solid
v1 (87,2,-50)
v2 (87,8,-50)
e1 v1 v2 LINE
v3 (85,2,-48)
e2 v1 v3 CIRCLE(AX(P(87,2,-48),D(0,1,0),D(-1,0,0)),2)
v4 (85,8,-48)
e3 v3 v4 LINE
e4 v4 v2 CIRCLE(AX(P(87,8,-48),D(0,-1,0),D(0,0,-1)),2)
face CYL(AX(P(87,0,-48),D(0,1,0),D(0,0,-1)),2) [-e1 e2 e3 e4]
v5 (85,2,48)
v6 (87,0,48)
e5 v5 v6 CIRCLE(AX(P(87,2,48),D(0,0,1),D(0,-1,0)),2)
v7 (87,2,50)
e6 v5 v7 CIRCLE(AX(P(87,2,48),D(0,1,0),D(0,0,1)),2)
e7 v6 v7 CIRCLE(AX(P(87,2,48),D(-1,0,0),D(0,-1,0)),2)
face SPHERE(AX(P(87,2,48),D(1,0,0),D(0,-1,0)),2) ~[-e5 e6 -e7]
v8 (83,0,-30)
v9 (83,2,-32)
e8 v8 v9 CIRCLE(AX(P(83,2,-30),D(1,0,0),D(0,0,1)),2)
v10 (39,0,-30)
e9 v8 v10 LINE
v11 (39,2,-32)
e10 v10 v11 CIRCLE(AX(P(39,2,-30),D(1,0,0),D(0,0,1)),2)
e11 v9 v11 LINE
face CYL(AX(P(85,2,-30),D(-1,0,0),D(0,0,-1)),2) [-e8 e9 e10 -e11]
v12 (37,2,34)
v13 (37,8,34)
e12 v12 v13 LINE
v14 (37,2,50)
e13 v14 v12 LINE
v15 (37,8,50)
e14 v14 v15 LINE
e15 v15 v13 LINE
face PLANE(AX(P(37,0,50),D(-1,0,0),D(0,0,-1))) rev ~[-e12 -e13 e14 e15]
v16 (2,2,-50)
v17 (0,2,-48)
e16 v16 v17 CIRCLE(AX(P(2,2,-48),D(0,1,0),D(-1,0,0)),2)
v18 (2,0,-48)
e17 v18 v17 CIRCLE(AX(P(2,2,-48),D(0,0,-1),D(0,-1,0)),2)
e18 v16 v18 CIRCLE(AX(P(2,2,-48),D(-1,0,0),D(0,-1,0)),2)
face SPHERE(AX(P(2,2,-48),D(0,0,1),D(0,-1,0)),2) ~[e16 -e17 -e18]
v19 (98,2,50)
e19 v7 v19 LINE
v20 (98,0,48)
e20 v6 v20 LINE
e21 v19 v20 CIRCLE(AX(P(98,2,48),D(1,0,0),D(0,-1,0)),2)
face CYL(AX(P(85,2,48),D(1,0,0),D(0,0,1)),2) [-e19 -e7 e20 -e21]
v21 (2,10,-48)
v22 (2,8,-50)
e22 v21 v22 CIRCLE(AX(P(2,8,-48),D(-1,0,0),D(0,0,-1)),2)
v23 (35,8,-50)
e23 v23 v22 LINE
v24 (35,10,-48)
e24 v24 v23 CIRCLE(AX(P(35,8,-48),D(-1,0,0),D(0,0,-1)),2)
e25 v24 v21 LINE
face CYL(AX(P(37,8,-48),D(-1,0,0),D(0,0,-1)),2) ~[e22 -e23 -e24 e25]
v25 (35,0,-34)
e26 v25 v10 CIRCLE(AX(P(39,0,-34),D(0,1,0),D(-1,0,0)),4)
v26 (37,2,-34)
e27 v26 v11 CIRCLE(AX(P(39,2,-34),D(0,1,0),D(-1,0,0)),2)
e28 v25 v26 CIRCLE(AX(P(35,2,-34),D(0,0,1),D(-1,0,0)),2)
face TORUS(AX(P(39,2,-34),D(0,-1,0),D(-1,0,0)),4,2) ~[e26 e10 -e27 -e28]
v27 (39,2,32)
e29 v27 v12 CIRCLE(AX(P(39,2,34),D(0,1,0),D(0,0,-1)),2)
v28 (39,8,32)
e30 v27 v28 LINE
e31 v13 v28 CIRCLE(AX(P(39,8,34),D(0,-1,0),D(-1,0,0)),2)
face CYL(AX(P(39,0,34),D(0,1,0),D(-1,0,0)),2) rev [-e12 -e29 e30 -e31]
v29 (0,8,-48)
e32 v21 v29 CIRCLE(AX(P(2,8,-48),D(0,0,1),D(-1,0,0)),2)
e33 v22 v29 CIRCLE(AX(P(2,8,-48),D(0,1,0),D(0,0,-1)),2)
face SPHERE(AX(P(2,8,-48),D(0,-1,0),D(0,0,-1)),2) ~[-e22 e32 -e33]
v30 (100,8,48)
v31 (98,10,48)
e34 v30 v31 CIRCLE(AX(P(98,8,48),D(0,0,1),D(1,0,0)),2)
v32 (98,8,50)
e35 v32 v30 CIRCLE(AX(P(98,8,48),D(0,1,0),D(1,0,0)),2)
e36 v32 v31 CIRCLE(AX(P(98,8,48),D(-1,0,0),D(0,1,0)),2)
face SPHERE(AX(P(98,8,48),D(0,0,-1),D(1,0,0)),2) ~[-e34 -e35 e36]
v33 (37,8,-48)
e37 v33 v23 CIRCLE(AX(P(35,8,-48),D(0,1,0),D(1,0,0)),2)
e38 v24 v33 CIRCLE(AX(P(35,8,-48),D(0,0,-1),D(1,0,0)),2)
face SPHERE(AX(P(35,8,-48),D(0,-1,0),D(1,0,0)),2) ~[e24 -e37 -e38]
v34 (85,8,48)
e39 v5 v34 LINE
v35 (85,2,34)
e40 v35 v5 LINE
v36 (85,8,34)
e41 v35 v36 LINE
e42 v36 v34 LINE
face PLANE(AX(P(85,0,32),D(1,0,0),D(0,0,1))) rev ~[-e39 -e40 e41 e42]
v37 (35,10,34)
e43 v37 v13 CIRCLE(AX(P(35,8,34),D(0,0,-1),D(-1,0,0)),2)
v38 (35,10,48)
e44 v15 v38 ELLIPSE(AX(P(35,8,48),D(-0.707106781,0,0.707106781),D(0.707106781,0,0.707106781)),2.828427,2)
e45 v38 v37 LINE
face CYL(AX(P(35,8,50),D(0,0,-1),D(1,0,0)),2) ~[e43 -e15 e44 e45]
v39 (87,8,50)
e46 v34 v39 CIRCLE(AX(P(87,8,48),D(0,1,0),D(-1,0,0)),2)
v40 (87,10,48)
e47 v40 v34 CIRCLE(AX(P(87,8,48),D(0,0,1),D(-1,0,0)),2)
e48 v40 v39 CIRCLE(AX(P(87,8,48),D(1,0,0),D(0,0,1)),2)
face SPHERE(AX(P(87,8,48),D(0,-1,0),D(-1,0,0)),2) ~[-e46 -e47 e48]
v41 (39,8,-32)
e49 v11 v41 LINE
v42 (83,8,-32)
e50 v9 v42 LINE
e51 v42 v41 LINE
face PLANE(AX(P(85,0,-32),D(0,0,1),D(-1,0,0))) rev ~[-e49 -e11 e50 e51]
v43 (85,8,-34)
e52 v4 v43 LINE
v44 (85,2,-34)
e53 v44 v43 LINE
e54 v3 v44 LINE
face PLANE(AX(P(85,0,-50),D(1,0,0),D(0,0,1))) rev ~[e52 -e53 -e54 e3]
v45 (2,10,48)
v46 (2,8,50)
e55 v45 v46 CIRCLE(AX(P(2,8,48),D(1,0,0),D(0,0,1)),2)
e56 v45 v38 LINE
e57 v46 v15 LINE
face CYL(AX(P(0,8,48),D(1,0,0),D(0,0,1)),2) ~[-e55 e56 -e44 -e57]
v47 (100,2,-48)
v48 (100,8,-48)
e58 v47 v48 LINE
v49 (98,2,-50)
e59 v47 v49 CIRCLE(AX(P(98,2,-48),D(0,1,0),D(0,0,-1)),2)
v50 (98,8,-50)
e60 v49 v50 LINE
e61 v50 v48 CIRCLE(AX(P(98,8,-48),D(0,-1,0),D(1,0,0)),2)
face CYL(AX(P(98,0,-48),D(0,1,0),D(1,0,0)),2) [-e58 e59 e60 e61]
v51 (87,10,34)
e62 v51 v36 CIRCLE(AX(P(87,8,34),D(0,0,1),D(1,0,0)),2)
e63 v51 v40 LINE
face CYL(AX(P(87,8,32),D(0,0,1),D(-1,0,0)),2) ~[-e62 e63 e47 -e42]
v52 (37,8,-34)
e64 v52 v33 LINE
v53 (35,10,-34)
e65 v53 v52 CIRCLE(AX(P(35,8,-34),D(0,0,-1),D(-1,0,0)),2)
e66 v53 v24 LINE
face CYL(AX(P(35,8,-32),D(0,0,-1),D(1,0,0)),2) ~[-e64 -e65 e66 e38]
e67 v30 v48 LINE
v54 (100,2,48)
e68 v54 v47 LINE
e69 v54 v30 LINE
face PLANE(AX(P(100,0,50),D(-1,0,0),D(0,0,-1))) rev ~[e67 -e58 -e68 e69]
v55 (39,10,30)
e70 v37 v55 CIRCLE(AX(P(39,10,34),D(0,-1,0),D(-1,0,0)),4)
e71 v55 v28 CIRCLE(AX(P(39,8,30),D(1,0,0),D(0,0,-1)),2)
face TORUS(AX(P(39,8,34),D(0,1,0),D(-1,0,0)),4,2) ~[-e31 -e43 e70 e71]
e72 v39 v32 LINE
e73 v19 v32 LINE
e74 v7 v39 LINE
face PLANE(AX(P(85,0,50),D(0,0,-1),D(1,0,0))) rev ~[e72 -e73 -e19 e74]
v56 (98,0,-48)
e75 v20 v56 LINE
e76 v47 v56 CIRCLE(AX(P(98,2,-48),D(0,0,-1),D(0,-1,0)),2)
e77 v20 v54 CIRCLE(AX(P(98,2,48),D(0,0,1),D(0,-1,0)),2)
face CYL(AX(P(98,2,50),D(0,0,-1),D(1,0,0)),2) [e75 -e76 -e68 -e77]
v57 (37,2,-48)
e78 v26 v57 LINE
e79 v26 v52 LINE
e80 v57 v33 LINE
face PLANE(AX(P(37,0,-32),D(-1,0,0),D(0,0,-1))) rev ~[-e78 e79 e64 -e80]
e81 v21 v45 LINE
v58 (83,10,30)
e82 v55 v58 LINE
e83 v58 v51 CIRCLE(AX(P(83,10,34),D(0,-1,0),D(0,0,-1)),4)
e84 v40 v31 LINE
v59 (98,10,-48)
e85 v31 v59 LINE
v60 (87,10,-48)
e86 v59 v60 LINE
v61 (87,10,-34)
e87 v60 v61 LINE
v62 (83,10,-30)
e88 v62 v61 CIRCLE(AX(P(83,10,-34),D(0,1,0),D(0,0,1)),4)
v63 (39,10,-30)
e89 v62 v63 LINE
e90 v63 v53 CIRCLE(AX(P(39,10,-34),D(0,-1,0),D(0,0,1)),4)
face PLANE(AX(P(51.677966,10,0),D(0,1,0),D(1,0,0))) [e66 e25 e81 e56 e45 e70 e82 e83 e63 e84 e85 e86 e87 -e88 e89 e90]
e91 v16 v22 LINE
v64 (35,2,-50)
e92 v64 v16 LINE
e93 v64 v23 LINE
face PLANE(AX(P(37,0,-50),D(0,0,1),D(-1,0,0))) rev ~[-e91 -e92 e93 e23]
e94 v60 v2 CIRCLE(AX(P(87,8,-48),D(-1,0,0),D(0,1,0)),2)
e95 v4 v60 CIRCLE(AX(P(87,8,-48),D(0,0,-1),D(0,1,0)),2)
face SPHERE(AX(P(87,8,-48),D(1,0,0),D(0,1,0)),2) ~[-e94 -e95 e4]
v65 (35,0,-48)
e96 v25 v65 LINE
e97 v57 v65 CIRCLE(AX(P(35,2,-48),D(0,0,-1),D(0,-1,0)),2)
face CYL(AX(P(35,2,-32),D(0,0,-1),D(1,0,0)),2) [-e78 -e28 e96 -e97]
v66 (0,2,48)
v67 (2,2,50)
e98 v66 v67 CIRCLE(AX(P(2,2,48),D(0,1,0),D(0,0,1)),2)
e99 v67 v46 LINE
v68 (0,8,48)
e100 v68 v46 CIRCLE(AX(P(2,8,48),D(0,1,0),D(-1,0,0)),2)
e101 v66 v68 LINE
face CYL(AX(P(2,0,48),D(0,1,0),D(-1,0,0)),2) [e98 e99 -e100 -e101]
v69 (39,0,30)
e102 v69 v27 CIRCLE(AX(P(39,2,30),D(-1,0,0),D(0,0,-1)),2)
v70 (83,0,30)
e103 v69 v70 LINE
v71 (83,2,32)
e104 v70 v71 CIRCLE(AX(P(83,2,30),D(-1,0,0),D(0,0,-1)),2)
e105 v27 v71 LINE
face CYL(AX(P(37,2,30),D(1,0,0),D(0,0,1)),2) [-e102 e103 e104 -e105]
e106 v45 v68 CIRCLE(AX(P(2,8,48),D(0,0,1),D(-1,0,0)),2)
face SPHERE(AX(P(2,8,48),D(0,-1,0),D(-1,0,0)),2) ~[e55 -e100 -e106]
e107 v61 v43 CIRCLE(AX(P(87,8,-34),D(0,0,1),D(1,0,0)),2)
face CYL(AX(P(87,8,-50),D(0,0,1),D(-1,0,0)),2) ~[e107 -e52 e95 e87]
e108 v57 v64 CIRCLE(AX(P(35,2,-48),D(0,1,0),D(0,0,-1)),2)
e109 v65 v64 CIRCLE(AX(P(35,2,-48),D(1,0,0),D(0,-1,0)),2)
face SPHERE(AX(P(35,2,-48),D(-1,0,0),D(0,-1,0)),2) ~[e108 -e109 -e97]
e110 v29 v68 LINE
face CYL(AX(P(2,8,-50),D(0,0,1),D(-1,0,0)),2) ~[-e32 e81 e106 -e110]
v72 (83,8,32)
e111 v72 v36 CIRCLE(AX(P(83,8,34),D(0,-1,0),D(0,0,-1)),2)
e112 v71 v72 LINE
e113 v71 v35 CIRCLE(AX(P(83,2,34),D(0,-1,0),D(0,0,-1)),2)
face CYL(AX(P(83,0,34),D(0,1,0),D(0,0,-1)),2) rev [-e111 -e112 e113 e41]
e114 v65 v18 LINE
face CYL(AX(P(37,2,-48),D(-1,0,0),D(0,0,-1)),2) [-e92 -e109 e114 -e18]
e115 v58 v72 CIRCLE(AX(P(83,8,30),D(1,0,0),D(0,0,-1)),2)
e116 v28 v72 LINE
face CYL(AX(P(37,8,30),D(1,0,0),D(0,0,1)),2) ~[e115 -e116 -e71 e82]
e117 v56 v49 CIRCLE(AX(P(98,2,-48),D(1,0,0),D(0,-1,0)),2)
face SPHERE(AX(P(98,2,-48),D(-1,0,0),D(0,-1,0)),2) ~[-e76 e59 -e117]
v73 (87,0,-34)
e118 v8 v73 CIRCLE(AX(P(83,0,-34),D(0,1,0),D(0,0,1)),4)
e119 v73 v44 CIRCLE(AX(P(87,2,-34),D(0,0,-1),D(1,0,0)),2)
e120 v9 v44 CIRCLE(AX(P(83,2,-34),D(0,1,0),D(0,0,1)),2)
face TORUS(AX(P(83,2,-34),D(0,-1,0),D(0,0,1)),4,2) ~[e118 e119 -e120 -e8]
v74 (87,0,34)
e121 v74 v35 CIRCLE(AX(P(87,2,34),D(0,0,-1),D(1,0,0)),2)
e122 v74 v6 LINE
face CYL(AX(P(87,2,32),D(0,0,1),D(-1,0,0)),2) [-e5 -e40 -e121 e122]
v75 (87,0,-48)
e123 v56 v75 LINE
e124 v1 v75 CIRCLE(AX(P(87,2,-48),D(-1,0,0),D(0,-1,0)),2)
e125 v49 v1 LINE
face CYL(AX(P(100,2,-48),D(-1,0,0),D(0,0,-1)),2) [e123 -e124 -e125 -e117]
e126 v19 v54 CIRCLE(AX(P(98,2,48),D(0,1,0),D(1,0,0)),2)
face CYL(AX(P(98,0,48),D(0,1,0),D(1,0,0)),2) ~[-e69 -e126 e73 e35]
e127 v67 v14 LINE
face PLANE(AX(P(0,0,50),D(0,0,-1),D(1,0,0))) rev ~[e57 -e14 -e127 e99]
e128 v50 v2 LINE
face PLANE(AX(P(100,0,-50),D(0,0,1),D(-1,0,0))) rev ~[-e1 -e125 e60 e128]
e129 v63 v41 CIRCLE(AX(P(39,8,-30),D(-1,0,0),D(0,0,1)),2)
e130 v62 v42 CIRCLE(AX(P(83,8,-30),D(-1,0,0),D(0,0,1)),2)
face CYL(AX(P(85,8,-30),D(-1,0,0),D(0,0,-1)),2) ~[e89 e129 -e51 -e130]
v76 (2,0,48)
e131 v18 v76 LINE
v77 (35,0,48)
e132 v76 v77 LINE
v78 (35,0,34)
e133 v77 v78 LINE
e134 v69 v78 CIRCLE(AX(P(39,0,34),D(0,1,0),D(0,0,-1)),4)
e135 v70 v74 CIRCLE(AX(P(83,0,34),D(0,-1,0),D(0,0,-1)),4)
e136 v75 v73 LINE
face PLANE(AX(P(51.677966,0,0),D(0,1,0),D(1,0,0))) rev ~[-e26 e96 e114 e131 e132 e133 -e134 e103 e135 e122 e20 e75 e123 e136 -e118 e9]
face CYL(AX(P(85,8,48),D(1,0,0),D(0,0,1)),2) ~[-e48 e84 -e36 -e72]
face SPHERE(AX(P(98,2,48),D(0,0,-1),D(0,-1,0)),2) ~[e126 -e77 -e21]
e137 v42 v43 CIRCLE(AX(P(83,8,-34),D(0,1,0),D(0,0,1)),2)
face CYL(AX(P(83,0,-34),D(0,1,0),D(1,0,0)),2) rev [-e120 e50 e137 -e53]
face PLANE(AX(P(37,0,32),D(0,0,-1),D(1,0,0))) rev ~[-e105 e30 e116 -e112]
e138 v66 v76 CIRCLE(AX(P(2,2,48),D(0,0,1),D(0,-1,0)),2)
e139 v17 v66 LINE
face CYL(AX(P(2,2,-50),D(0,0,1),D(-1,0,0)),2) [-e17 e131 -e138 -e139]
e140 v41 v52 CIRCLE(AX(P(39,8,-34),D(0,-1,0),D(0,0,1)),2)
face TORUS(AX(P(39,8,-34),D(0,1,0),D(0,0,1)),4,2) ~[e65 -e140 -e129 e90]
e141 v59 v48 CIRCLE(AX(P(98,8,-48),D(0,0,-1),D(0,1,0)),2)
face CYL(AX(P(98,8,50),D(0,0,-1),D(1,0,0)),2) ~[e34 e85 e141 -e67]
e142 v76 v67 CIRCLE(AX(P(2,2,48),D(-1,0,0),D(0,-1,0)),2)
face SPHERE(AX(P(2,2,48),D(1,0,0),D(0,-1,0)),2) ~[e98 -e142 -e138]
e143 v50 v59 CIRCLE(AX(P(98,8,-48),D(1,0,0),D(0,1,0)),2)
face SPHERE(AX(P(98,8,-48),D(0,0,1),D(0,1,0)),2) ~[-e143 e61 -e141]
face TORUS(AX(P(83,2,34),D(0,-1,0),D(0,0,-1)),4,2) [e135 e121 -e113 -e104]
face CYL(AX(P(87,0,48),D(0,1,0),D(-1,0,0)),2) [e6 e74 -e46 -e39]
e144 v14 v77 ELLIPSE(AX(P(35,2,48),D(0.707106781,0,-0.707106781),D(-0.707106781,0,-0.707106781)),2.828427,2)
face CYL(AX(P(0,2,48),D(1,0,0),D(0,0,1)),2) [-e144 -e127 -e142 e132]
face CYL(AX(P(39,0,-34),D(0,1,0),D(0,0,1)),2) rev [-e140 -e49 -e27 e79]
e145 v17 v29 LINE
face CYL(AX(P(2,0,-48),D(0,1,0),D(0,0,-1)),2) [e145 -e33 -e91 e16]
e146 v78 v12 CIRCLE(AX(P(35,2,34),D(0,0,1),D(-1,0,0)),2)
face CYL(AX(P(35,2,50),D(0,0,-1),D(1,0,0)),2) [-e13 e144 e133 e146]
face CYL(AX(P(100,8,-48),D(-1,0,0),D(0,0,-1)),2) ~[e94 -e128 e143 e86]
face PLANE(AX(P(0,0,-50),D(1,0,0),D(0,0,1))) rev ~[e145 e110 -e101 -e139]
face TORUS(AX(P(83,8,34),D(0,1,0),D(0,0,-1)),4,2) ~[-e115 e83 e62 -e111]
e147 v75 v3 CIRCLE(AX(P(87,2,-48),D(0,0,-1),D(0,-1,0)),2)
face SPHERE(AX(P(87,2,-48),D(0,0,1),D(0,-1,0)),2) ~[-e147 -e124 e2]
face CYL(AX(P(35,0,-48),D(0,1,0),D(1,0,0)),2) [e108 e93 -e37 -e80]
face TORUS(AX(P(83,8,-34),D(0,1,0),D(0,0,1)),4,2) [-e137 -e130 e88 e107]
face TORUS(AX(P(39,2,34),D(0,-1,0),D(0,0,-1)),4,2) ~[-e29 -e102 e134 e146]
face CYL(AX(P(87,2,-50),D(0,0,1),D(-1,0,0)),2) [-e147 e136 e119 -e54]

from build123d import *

# Parameters (mm, degrees)
BOSS_EXTRUDE1_DEPTH = 10
FILLET1_R           = 2


with BuildPart() as part:
    # Sketch1 → Boss-Extrude1 (new body)
    with BuildSketch(Plane(origin=(0, 0, 0), x_dir=(1, 0, 0), z_dir=(0, 1, 0))):
        Polygon((100, -50), (100, 50), (85, 50), (85, 32), (37, 32), (37, 50), (0, 50), (0, -50), (37, -50), (37, -32), (85, -32), (85, -50), align=None)
    extrude(amount=BOSS_EXTRUDE1_DEPTH)

    # Fillet1
    fillet1_edges = [part.edges().sort_by_distance(p)[0] for p in [
        (61, 0, 32),
        (37, 0, 41),
        (100, 10, 0),
        (18.5, 0, 50),
        (0, 0, 0),
        (18.5, 0, -50),
        (37, 0, -41),
        (61, 0, -32),
        (85, 0, -41),
        (92.5, 0, -50),
        (100, 0, 0),
        (92.5, 0, 50),
        (85, 0, 41),
        (92.5, 10, -50),
        (85, 5, 32),
        (37, 5, 32),
        (85, 10, -41),
        (0, 5, 50),
        (0, 5, -50),
        (37, 5, -50),
        (37, 5, -32),
        (85, 5, -32),
        (85, 5, -50),
        (100, 5, -50),
        (100, 5, 50),
        (85, 5, 50),
        (61, 10, -32),
        (37, 10, -41),
        (18.5, 10, -50),
        (0, 10, 0),
        (18.5, 10, 50),
        (37, 10, 41),
        (61, 10, 32),
        (85, 10, 41),
        (92.5, 10, 50),
    ]]
    fillet(fillet1_edges, radius=FILLET1_R)


solid = part.part
